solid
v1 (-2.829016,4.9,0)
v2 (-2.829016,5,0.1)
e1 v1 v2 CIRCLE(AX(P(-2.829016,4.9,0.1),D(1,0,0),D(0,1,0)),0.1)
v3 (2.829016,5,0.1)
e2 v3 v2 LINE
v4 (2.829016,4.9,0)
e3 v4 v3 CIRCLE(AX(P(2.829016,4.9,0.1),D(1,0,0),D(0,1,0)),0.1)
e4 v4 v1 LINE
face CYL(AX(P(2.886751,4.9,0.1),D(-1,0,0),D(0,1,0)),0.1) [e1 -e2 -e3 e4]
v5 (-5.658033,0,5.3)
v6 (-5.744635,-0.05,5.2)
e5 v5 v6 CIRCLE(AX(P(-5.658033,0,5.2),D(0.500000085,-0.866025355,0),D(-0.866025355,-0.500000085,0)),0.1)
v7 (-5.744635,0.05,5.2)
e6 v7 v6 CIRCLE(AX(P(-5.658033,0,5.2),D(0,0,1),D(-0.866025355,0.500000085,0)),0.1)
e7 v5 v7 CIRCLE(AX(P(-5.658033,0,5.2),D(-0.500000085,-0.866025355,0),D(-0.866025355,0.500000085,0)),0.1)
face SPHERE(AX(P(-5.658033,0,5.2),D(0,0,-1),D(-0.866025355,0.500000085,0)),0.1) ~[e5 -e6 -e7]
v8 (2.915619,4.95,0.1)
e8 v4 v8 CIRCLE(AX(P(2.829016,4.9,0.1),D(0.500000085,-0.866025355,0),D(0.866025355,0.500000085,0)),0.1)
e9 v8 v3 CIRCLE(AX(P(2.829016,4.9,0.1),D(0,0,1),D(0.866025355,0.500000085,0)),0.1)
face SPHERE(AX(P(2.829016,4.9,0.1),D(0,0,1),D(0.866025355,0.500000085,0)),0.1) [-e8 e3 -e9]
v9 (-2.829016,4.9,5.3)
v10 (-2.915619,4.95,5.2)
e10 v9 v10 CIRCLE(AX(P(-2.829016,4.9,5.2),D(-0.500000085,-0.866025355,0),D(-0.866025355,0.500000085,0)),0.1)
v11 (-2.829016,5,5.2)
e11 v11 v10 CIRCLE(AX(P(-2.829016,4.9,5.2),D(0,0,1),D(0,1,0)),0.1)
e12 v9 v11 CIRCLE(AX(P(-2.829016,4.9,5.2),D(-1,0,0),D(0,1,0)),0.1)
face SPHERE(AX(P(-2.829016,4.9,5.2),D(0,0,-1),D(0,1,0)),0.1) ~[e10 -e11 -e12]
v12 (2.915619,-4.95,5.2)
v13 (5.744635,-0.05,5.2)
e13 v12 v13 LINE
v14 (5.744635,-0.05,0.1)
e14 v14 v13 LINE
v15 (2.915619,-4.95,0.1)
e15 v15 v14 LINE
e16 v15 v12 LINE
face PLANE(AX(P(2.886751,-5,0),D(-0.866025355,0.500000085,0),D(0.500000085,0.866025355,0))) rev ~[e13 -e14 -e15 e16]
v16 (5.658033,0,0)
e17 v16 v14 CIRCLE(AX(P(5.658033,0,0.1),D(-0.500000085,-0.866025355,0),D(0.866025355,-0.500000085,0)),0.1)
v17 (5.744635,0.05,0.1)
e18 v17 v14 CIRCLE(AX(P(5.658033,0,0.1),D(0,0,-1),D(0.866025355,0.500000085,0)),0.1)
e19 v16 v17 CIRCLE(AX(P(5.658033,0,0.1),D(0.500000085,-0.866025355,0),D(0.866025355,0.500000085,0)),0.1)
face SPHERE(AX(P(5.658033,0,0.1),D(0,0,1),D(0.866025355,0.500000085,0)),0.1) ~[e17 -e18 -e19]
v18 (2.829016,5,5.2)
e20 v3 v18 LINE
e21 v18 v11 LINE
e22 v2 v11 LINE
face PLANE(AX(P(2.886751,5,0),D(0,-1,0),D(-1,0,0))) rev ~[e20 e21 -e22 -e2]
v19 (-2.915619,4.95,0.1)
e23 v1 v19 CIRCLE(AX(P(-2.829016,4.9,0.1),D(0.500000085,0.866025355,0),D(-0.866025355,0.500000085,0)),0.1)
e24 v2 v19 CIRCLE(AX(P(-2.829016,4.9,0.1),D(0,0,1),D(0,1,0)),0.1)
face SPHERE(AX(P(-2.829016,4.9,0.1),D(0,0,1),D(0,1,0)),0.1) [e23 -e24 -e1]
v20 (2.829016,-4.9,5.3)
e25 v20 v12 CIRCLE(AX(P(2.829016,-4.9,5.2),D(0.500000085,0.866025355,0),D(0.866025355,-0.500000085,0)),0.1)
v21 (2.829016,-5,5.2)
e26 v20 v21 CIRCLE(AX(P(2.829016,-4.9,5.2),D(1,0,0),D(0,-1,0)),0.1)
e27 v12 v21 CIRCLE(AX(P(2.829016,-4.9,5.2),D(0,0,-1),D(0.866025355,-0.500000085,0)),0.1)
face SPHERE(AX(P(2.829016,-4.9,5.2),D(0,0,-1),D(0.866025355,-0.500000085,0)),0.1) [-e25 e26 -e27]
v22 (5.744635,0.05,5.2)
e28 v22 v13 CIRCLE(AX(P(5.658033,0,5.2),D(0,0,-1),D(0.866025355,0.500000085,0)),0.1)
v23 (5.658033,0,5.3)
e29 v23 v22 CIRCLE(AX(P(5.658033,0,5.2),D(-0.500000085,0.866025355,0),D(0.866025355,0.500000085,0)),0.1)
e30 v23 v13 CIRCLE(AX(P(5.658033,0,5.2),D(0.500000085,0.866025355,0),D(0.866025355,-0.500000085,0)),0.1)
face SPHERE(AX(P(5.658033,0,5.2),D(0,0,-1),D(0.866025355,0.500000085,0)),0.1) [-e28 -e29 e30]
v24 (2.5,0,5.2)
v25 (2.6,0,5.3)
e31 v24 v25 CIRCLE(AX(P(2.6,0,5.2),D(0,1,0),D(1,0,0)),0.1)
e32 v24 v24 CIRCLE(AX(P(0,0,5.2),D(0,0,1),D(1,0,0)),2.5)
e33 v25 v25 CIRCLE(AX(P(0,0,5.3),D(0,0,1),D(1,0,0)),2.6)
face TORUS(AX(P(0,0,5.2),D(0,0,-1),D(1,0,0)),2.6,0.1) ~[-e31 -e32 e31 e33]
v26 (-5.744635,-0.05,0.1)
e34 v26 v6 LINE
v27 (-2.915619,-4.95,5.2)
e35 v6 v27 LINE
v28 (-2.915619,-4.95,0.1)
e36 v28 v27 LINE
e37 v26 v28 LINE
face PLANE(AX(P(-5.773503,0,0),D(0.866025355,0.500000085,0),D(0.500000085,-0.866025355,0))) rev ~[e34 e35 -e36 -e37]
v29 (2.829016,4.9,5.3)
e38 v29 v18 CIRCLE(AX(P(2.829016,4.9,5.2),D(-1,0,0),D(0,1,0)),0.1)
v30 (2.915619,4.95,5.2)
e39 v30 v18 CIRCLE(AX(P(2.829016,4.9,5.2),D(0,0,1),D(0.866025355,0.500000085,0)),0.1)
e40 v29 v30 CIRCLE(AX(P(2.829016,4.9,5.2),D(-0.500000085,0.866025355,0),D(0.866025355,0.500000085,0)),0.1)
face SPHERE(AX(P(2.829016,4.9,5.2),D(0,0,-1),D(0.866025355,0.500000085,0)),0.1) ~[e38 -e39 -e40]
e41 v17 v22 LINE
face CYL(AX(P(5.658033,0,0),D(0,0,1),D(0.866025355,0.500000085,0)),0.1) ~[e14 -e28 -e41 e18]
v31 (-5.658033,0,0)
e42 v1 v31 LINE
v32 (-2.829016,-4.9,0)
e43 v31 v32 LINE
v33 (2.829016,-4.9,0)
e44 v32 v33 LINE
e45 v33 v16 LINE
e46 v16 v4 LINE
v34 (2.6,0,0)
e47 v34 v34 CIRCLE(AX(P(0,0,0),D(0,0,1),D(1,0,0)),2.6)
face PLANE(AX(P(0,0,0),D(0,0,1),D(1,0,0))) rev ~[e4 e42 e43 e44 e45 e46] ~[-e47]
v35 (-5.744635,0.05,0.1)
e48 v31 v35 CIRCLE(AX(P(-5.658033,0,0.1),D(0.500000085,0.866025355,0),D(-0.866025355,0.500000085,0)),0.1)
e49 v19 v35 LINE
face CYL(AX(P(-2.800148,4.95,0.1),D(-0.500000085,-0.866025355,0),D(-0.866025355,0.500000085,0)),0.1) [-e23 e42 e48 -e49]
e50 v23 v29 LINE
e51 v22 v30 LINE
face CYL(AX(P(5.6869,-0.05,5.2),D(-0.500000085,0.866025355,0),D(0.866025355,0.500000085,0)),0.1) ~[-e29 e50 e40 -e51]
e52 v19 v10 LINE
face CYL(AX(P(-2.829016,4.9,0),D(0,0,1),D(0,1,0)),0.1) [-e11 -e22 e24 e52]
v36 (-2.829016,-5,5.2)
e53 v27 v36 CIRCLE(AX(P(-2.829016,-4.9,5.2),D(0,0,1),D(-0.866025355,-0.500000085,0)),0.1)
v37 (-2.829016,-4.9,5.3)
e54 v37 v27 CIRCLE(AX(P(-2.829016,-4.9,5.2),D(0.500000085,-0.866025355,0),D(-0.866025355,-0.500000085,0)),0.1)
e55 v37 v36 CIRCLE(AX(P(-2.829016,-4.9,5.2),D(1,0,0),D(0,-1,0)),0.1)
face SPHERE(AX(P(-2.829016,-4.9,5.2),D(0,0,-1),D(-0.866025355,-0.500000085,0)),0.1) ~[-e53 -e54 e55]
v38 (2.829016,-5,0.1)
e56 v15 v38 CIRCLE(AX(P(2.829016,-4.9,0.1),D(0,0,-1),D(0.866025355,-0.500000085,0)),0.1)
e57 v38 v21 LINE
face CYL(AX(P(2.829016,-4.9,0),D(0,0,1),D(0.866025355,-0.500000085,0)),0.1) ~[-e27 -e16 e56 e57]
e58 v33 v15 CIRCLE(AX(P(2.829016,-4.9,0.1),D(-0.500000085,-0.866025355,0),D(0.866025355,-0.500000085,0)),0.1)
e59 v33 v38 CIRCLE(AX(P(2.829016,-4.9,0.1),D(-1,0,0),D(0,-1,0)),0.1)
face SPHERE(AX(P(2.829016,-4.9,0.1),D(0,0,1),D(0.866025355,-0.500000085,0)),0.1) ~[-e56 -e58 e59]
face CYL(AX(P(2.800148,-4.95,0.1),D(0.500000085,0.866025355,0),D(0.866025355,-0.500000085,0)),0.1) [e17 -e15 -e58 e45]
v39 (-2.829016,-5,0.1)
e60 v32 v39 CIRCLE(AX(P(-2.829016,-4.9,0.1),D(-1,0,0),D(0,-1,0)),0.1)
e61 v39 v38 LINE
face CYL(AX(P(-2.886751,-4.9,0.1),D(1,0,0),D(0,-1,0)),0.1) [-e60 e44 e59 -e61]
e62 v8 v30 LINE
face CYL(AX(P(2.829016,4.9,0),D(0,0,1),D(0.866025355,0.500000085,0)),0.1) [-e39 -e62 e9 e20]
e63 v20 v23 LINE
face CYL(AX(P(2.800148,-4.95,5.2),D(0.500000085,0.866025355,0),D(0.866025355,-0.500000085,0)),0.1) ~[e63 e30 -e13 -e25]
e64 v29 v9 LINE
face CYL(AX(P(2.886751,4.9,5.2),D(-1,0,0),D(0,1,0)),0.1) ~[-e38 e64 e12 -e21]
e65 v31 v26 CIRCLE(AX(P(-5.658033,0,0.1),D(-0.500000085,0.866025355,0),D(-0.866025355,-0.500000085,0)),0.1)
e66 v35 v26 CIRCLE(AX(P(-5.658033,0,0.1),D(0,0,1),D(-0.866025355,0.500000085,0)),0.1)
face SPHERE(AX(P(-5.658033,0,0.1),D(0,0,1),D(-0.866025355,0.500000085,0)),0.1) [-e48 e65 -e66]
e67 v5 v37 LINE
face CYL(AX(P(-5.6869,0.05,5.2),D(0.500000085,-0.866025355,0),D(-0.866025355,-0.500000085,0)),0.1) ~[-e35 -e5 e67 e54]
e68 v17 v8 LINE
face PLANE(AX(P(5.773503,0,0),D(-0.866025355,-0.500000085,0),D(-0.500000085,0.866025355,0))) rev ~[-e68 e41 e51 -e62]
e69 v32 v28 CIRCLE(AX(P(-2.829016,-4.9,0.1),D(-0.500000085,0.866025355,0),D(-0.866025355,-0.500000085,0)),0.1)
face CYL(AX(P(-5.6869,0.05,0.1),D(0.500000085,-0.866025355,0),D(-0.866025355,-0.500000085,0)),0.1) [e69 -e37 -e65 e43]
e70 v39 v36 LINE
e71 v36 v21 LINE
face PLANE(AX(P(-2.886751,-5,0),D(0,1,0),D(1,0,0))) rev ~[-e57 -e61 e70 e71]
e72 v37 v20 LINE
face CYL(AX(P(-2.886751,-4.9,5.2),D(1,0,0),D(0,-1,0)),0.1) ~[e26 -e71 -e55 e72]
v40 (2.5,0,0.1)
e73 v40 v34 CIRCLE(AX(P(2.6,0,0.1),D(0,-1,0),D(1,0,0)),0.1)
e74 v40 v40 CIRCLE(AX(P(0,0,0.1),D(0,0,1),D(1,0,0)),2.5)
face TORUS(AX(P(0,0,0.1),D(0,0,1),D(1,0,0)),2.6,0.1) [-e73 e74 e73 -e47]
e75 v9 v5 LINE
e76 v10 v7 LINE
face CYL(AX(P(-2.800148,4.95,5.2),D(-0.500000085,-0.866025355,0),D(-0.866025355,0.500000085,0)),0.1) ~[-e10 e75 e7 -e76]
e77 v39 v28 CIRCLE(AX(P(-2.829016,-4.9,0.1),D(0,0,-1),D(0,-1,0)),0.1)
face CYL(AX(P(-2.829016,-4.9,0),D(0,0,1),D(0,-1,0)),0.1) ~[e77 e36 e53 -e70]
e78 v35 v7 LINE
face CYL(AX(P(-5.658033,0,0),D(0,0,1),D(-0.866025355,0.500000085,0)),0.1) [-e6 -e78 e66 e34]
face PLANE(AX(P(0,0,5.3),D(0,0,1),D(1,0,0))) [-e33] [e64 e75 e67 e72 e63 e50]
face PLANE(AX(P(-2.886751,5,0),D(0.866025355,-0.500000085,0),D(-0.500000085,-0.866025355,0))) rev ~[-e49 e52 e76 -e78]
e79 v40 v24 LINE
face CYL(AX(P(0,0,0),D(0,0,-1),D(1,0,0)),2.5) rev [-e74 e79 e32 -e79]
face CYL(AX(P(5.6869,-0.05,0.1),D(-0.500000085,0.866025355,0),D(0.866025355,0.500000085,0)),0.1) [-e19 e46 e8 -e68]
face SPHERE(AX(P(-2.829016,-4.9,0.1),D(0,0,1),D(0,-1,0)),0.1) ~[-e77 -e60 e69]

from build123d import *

# Parameters (mm, degrees)
F0_R     = 2.5
F1_DEPTH = 5.3
F2_R     = 0.1


with BuildPart() as f1:
    # F0 (on Top) → F1 (new body)
    with BuildSketch(Plane.XY):
        Polygon((5.773503, 0), (2.886751, 5), (-2.886751, 5), (-5.773503, 0), (-2.886751, -5), (2.886751, -5), align=None)
        Circle(F0_R, mode=Mode.SUBTRACT)
    extrude(amount=F1_DEPTH)

    # F2
    f2_edges = [f1.edges().sort_by_distance(p)[0] for p in [
        (5.773503, 0, 2.65),
        (2.886751, 5, 2.65),
        (4.330127, 2.5, 0),
        (4.330127, 2.5, 5.3),
        (2.886751, -5, 2.65),
        (4.330127, -2.5, 0),
        (4.330127, -2.5, 5.3),
        (0, 5, 5.3),
        (-4.330127, 2.5, 5.3),
        (-4.330127, -2.5, 5.3),
        (0, -5, 5.3),
        (-2.5, 0, 5.3),
        (-2.886751, -5, 2.65),
        (0, -5, 0),
        (0, 5, 0),
        (-4.330127, 2.5, 0),
        (-4.330127, -2.5, 0),
        (-2.5, 0, 0),
        (-2.886751, 5, 2.65),
        (-5.773503, 0, 2.65),
    ]]
    fillet(f2_edges, radius=F2_R)


solid = f1.part
